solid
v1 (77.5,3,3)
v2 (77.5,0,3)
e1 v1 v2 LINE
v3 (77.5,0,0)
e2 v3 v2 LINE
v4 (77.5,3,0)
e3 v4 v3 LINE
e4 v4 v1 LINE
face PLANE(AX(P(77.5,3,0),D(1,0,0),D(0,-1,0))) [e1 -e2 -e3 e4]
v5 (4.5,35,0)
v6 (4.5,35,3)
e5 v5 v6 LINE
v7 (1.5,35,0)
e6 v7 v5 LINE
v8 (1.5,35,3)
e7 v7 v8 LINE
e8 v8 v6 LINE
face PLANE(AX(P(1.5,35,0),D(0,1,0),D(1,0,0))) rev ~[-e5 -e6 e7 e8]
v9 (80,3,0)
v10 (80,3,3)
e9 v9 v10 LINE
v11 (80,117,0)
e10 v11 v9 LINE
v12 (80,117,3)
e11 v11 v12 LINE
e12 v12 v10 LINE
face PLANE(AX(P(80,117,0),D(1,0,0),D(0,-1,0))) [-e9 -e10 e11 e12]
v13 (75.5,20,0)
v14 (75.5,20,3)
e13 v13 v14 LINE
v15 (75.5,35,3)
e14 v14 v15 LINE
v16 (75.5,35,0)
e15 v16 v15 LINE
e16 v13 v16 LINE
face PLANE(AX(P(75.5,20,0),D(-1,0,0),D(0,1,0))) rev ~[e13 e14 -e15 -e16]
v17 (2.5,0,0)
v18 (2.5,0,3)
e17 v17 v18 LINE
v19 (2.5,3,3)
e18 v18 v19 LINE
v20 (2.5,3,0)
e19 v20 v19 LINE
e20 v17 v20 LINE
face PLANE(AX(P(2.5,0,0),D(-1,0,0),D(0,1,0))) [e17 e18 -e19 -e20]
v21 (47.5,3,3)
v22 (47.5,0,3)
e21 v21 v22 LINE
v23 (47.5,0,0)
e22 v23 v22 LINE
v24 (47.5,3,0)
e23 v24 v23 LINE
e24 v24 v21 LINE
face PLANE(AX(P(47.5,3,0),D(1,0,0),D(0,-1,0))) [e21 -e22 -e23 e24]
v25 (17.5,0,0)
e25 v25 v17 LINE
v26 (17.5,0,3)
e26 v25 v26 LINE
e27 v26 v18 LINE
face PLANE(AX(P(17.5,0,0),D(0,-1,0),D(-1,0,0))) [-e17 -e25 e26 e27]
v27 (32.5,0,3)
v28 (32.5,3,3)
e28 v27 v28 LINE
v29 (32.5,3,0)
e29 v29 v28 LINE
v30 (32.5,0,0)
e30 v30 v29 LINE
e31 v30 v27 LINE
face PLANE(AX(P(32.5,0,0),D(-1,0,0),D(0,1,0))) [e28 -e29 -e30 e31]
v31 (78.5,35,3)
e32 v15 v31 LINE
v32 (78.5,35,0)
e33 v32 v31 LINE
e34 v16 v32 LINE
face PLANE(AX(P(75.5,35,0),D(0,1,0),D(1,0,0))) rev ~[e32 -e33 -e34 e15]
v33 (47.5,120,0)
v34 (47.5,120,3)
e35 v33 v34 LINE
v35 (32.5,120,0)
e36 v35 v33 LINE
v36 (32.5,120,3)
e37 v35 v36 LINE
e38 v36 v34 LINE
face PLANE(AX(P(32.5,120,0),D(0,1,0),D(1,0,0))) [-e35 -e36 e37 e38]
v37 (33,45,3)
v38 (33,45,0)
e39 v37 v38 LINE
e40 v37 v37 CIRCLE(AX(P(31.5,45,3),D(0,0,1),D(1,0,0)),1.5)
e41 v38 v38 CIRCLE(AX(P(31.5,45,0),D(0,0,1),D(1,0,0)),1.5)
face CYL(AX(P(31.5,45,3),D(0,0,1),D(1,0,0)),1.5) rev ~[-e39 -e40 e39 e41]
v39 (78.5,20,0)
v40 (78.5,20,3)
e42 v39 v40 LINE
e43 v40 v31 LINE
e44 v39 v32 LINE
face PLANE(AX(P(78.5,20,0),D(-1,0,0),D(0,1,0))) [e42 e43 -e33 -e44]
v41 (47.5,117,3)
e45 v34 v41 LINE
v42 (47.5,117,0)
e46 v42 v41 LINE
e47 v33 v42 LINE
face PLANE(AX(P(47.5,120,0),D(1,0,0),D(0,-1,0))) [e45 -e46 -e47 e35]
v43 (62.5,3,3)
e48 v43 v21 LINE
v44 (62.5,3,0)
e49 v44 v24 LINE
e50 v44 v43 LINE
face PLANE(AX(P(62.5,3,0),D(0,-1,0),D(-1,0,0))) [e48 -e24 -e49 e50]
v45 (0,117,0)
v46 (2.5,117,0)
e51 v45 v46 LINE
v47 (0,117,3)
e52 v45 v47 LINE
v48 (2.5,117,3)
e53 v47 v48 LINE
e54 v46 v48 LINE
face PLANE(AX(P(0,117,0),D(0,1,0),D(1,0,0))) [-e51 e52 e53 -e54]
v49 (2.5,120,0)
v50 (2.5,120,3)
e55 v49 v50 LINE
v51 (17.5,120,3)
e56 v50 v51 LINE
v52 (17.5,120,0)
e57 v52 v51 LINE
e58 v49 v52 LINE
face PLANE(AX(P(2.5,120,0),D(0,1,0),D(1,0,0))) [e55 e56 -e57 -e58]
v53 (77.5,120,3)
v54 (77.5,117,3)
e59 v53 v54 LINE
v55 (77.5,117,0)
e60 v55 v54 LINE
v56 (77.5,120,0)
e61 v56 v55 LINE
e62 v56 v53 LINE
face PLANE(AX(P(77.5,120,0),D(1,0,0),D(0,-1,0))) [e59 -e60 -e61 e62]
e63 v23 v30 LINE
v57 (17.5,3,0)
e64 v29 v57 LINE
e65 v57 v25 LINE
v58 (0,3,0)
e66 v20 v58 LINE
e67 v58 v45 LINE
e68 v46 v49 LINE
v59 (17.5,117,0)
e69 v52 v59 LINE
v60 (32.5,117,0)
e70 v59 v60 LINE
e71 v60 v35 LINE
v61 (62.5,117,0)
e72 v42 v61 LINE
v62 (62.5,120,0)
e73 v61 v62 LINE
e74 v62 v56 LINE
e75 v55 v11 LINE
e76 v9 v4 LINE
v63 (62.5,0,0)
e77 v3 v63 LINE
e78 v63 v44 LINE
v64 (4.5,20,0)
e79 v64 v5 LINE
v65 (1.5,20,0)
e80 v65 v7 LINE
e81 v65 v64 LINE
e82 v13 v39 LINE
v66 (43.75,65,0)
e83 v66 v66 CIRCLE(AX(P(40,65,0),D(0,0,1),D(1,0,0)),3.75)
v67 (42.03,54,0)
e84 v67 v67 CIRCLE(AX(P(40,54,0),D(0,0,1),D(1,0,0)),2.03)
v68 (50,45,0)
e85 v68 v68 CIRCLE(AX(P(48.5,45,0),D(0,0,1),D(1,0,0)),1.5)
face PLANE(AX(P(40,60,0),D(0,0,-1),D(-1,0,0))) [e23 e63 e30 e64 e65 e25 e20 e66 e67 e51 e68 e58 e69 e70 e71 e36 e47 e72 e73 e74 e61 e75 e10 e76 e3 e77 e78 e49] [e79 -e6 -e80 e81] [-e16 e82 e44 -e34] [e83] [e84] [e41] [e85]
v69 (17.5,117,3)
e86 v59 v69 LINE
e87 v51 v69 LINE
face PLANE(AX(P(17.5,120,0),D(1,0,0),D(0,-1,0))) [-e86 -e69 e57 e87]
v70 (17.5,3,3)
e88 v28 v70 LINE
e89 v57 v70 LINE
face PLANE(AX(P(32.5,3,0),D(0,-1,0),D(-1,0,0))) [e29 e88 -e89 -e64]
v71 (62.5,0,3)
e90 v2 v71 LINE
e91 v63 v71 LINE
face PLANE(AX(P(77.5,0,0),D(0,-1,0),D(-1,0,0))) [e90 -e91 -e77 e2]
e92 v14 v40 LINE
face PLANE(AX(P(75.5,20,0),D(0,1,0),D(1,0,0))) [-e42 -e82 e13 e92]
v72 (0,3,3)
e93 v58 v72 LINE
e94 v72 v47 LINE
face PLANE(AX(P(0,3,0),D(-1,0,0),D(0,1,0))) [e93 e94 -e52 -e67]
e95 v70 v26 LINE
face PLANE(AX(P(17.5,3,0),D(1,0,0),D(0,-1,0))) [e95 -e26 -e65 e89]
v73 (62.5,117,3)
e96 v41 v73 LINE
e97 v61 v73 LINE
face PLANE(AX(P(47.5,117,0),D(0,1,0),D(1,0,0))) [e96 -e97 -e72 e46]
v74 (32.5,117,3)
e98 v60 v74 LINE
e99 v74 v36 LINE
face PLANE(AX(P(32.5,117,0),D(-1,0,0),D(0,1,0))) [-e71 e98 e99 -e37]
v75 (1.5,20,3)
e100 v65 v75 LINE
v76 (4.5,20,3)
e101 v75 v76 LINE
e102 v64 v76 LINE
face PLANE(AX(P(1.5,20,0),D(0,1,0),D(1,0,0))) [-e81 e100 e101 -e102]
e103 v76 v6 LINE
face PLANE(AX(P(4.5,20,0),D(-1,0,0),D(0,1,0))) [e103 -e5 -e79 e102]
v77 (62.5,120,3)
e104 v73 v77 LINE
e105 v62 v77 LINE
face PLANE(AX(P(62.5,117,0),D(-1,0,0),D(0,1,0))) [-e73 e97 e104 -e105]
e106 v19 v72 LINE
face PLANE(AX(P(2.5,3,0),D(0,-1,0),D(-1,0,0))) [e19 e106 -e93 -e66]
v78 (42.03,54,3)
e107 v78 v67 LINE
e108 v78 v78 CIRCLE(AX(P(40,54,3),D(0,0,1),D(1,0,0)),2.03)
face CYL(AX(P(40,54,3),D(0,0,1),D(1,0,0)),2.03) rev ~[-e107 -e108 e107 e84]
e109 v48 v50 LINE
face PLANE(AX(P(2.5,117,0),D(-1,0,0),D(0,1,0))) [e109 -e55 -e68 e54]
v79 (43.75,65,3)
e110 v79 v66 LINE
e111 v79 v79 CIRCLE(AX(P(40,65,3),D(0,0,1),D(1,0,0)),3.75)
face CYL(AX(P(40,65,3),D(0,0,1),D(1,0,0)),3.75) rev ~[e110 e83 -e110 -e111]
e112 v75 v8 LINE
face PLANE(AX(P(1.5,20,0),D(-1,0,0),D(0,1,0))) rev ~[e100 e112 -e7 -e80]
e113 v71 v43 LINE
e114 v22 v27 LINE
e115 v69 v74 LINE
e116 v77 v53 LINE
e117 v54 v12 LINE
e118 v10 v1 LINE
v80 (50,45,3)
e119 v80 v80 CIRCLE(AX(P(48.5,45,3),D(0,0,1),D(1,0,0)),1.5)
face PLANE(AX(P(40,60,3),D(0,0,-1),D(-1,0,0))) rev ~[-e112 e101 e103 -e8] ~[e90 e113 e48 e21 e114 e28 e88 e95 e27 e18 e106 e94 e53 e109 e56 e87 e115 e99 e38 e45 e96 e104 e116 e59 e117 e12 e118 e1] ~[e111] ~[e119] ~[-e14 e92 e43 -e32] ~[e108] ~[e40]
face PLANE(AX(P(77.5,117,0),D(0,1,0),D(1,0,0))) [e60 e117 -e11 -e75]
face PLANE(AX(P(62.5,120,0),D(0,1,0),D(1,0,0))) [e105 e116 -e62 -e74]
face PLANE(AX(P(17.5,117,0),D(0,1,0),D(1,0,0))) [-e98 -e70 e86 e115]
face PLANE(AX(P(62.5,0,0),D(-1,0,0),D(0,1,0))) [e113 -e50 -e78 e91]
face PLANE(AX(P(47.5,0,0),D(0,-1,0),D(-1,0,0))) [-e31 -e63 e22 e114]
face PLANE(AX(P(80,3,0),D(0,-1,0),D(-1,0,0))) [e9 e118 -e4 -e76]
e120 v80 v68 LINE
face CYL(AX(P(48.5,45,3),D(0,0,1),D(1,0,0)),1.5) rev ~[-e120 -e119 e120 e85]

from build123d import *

# Parameters (mm, degrees)
SKETCH_1_W          = 3
SKETCH_1_H          = 15
EXTRUDE_1_DEPTH     = 3
SKETCH_2_R          = 1.5
SKETCH_2_R_2        = 2.03
SKETCH_2_R_3        = 3.75
CUT_EXTRUDE_1_DEPTH = 10


with BuildPart() as part:
    # 草图1 → 凸台-拉伸1 (new body)
    with BuildSketch(Plane.XY):
        Polygon((2.5, 3), (0, 3), (0, 117), (2.5, 117), (2.5, 120), (17.5, 120), (17.5, 117), (32.5, 117), (32.5, 120), (47.5, 120), (47.5, 117), (62.5, 117), (62.5, 120), (77.5, 120), (77.5, 117), (80, 117), (80, 3), (77.5, 3), (77.5, 0), (62.5, 0), (62.5, 3), (47.5, 3), (47.5, 0), (32.5, 0), (32.5, 3), (17.5, 3), (17.5, 0), (2.5, 0), align=None)
        with Locations((77, 27.5)):
            Rectangle(SKETCH_1_W, SKETCH_1_H, mode=Mode.SUBTRACT)
        with Locations((3, 27.5)):
            Rectangle(SKETCH_1_W, SKETCH_1_H, mode=Mode.SUBTRACT)
    extrude(amount=EXTRUDE_1_DEPTH)

    # 草图2 → 切除-拉伸1 (cut)
    with BuildSketch(Plane.XY.offset(3)):
        with Locations((31.5, 45)):
            Circle(SKETCH_2_R)
        with Locations((48.5, 45)):
            Circle(SKETCH_2_R)
        with Locations((40, 54)):
            Circle(SKETCH_2_R_2)
        with Locations((40, 65)):
            Circle(SKETCH_2_R_3)
    extrude(amount=-CUT_EXTRUDE_1_DEPTH, mode=Mode.SUBTRACT)


solid = part.part
